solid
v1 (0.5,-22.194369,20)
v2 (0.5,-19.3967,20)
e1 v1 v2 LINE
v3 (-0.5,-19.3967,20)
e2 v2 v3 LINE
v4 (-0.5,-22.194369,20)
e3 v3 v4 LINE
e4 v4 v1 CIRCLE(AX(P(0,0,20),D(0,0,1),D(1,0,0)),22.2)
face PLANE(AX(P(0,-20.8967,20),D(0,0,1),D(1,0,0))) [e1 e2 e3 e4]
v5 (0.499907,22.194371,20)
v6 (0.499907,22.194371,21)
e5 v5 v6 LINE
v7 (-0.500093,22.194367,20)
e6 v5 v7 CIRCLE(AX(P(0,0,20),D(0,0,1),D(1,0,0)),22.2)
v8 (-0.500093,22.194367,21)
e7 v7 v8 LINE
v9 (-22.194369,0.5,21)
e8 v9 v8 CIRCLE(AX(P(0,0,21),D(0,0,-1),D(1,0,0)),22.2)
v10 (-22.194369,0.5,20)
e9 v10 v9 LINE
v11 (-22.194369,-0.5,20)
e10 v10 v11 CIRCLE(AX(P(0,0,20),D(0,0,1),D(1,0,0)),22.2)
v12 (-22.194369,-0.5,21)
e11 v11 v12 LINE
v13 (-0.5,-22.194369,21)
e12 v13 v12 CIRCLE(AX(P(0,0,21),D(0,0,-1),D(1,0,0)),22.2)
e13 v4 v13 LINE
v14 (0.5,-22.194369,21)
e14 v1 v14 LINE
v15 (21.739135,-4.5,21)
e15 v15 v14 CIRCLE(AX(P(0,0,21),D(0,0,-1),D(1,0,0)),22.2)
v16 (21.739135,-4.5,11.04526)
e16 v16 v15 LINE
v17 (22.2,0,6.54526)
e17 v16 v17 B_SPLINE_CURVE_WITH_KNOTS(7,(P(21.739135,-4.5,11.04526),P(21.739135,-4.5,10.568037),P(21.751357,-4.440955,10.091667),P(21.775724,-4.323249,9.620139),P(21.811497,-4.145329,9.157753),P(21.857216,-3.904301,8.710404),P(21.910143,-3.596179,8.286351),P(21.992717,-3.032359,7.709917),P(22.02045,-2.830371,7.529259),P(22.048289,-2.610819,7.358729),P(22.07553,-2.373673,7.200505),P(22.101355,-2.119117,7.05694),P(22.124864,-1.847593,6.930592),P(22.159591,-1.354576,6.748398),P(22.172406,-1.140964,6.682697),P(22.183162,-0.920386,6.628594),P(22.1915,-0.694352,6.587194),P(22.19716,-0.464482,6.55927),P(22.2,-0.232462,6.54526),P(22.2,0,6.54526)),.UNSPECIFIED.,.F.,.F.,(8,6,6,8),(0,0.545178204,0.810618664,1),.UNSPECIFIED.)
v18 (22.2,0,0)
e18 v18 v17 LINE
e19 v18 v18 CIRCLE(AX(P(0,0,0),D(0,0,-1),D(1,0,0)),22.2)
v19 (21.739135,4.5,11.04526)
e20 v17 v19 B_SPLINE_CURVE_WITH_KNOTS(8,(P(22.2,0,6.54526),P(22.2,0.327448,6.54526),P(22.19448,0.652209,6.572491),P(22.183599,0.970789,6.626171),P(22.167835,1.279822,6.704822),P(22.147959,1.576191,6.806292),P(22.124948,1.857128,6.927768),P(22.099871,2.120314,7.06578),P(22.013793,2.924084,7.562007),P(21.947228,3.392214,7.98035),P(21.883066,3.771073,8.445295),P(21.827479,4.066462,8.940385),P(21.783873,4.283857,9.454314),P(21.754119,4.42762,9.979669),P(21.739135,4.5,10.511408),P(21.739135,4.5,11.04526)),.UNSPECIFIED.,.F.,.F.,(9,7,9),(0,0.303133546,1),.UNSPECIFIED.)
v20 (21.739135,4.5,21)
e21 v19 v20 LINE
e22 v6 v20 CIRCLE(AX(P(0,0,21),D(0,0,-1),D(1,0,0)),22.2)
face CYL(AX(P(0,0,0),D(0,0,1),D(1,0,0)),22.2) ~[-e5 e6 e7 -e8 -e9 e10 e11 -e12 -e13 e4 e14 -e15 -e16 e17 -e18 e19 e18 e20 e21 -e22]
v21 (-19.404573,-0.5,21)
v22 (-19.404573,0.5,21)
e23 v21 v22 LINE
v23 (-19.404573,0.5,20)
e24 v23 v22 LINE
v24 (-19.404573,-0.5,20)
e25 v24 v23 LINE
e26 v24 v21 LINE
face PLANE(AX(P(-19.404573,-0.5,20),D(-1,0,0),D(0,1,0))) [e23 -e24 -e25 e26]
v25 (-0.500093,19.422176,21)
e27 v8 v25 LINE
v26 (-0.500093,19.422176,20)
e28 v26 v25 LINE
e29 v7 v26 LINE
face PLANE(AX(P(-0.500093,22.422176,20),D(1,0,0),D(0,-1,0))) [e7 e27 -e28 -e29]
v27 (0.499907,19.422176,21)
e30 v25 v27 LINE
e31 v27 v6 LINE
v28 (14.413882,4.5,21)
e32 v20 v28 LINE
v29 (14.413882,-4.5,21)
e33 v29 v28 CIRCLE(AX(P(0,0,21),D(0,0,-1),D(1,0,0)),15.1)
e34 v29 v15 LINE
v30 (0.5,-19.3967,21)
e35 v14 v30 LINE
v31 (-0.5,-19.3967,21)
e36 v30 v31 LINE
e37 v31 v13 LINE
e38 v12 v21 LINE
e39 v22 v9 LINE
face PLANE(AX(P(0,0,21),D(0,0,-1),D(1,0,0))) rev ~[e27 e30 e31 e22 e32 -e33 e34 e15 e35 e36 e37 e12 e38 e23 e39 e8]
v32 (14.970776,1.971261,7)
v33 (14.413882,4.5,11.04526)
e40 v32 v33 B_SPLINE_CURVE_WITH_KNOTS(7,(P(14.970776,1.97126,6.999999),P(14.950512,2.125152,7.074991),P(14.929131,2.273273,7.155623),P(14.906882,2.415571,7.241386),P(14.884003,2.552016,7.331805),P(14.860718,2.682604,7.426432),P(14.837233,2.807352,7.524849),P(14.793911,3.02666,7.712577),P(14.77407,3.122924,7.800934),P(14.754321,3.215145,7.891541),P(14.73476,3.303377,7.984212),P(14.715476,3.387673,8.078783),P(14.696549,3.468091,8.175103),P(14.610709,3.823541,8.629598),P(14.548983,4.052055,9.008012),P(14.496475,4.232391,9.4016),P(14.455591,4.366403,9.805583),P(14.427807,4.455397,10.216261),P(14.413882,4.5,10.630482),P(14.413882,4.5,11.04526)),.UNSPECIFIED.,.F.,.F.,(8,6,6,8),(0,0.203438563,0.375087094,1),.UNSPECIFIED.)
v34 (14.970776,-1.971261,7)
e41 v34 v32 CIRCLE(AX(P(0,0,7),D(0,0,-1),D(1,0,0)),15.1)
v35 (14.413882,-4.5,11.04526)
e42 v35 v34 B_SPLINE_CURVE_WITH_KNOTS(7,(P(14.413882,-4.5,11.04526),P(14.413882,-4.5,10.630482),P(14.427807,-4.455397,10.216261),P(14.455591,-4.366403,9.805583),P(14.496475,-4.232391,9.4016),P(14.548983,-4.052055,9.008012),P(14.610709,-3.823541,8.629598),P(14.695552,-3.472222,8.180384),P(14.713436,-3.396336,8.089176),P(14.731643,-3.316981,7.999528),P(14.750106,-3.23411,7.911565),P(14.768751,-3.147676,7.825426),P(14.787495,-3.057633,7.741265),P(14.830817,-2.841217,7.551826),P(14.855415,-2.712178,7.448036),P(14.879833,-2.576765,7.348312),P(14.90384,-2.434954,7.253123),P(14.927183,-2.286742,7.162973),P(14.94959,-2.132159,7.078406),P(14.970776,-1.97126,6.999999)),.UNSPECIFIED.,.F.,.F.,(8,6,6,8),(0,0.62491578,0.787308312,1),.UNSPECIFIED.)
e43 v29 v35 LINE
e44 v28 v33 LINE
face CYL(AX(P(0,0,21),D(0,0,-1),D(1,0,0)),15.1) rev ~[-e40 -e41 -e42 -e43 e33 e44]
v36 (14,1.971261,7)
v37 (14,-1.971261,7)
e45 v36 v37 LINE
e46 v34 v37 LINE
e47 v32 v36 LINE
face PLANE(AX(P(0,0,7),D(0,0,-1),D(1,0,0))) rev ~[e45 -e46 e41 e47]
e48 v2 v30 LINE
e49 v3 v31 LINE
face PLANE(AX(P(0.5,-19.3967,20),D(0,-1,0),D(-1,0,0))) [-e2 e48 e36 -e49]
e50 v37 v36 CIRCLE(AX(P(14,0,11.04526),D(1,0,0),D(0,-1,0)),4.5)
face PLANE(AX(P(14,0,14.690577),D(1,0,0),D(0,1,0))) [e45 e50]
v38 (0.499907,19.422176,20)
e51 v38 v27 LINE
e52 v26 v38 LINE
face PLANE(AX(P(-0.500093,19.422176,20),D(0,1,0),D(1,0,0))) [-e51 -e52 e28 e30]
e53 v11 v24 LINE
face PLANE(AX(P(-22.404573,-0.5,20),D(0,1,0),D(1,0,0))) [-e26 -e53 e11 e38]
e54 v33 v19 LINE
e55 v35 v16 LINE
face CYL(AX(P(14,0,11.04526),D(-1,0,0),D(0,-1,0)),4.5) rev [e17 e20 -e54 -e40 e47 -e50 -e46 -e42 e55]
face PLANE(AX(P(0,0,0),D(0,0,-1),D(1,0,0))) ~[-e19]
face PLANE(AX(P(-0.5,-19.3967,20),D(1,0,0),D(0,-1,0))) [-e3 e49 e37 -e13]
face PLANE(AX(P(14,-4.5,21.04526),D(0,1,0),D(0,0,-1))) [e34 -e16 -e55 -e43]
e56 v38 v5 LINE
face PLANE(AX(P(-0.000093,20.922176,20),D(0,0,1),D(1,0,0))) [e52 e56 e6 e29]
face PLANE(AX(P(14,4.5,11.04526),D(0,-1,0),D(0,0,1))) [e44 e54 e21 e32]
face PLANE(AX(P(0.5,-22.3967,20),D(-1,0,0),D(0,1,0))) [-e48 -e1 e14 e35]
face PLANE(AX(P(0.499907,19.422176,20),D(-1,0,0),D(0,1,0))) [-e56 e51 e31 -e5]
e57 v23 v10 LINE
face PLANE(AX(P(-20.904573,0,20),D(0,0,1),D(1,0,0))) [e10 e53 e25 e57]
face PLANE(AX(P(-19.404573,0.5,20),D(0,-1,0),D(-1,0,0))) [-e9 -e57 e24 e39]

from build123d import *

# Parameters (mm, degrees)
F4_START = 14
F4_DEPTH = 16
F5_START = 20
F5_DEPTH = 1


with BuildPart() as f3:
    # F0 (on Front) → F3 (revolve)
    with BuildSketch(Plane.XZ):
        Polygon((0, 7), (0, 0), (22.2, 0), (22.2, 21), (15.1, 21), (15.1, 7), align=None)
    revolve(axis=Axis((0, 0, 3.5), (0, 0, -1)))

    # F1 (on Right) → F4 (cut)
    with BuildSketch(Plane.YZ.offset(F4_START)):
        with BuildLine():
            Line((4.5, 21.0452601314), (0, 21.0452601314))
            Line((0, 21.0452601314), (-4.5, 21.0452601314))
            Line((-4.5, 21.0452601314), (-4.5, 11.0452601314))
            ThreePointArc((-4.5, 11.0452601314), (0, 6.5452601314), (4.5, 11.0452601314))
            Line((4.5, 11.0452601314), (4.5, 21.0452601314))
        make_face()
    extrude(amount=F4_DEPTH, mode=Mode.SUBTRACT)

    # F2 (on Top) → F5 (cut)
    with BuildSketch(Plane.XY.offset(F5_START)):
        Polygon((0.5, -19.3967004567), (0, -19.3967004567), (-0.5, -19.3967004567), (-0.5, -22.3967004567), (0.5, -22.3967004567), align=None)
        Polygon((0.4999070801, 22.4221755646), (-9.29199e-05, 22.4221755646), (-0.5000929199, 22.4221755646), (-0.5000929199, 19.4221755646), (0.4999070801, 19.4221755646), align=None)
        Polygon((22.3929286003, -0.5), (22.3929286003, 0), (22.3929286003, 0.5), (19.3929286003, 0.5), (19.3929286003, -0.5), align=None)
        Polygon((-19.404573366, -0.5), (-19.404573366, 0), (-19.404573366, 0.5), (-22.404573366, 0.5), (-22.404573366, -0.5), align=None)
    extrude(amount=F5_DEPTH, mode=Mode.SUBTRACT)


solid = f3.part
